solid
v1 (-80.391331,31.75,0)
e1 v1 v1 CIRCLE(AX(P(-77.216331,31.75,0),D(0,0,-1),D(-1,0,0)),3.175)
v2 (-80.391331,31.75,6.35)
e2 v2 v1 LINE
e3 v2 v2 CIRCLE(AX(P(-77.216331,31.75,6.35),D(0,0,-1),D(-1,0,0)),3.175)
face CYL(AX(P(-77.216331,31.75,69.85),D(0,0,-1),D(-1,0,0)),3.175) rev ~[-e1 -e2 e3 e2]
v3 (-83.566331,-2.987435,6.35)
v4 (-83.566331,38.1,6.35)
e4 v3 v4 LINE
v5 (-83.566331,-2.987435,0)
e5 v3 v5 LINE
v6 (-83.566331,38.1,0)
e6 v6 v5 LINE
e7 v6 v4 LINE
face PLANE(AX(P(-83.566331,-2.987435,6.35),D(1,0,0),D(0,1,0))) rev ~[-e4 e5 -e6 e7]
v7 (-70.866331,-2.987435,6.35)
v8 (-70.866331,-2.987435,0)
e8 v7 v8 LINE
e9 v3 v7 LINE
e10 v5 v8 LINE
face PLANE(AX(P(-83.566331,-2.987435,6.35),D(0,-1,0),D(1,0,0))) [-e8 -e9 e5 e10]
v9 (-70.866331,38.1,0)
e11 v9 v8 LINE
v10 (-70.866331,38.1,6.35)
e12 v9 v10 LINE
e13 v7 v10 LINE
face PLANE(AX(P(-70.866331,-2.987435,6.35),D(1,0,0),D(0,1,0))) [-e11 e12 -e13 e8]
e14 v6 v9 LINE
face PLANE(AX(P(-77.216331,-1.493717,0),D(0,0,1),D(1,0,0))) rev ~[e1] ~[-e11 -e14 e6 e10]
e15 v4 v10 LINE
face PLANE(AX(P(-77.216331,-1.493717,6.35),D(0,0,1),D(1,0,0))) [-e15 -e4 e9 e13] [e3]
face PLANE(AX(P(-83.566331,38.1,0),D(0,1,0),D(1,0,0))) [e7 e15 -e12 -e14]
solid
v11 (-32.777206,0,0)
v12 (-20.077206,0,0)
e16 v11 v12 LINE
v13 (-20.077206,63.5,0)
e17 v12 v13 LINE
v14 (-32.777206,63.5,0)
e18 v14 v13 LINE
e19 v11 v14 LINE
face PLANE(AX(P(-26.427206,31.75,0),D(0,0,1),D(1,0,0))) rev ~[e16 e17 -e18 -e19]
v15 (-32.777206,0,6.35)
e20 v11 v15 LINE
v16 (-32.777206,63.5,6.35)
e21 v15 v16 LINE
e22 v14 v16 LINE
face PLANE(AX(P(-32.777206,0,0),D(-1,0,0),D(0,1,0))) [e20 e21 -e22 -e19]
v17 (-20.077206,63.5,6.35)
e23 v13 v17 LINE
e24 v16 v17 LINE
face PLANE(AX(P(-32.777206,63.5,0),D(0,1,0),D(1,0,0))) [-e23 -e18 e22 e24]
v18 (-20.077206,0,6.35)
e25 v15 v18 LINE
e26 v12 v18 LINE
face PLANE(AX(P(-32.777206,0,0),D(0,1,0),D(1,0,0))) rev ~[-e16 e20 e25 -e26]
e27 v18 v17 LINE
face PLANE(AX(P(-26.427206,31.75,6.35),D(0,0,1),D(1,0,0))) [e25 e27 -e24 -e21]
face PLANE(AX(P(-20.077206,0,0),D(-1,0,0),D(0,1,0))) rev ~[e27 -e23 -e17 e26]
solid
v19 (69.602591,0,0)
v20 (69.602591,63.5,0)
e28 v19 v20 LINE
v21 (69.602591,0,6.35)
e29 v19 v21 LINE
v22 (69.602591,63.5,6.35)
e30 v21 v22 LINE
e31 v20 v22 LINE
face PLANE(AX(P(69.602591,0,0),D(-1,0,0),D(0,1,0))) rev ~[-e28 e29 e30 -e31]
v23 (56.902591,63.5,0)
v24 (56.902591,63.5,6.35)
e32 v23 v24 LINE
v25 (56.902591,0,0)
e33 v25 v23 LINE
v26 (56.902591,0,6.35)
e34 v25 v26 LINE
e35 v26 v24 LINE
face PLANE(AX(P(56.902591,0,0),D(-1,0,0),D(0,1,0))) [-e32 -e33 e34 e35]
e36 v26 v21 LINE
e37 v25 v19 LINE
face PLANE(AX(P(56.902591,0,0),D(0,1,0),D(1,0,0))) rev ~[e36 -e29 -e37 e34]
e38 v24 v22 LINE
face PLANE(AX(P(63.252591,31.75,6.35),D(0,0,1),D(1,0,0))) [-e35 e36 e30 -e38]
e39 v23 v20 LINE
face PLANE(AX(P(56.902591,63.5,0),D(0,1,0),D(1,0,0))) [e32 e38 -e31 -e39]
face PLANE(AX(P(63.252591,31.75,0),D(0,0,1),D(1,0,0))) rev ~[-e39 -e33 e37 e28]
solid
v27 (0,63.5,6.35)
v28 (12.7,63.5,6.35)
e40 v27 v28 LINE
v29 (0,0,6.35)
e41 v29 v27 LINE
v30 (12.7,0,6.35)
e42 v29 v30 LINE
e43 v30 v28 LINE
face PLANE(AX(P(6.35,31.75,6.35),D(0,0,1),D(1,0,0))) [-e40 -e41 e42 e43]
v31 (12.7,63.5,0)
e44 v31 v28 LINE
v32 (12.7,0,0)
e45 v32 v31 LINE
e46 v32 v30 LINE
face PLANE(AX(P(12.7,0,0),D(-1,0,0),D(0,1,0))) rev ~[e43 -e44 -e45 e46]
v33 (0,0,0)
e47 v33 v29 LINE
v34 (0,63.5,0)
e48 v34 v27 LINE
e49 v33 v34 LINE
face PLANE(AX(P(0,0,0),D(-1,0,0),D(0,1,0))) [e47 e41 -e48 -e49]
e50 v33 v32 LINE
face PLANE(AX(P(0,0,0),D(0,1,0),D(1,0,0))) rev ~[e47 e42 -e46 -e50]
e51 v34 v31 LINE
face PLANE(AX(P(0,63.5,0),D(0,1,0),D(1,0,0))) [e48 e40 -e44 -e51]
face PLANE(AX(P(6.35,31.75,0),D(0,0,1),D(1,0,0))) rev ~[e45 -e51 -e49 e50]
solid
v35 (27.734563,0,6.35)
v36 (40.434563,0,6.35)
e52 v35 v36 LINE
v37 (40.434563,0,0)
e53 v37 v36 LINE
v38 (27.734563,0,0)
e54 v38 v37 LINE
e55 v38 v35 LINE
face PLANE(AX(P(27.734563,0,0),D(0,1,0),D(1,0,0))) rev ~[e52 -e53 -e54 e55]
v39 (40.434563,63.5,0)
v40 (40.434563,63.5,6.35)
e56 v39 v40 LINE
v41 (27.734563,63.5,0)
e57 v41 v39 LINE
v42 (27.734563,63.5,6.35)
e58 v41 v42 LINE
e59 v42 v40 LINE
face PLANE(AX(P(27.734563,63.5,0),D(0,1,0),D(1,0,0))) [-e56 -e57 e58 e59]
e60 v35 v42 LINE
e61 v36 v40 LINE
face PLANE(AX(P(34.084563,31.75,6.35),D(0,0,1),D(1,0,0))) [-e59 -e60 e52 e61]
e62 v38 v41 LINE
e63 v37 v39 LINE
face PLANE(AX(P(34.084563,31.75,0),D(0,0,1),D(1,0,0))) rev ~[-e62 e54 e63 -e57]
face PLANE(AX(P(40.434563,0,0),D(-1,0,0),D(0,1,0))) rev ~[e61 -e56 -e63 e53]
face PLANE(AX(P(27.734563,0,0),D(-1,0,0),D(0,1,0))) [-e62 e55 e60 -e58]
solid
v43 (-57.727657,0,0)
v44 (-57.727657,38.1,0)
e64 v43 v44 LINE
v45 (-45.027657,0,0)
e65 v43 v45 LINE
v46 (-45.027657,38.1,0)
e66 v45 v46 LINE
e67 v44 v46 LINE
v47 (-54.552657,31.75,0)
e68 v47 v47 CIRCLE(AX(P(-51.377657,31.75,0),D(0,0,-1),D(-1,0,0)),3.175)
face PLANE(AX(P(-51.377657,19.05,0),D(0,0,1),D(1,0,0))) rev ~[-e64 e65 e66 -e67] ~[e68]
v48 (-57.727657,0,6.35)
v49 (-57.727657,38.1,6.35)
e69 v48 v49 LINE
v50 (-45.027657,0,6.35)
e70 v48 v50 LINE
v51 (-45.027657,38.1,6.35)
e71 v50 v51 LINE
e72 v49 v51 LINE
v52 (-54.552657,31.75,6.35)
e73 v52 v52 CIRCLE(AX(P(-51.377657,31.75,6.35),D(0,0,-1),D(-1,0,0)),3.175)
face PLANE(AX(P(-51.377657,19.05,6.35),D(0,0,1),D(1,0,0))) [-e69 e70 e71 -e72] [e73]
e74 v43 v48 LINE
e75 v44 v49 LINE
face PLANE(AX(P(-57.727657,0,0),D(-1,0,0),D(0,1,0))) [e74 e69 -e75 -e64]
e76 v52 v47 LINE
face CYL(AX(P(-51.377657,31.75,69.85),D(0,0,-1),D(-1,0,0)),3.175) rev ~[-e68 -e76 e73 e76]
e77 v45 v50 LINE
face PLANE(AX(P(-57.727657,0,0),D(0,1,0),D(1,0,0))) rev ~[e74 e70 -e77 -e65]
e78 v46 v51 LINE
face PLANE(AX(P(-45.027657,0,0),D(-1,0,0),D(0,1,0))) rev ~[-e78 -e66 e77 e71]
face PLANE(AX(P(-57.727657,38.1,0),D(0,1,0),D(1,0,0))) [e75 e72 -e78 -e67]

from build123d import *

# Parameters (mm, degrees)
F0_W     = 12.7
F0_H     = 38.1
F1_DEPTH = 6.35
F0_H_2   = 63.5
F3_D     = 6.35
F3_DEPTH = 63.5
F3_TIP   = 1.9077324654
F5_D     = 6.35
F5_DEPTH = 63.5
F5_TIP   = 1.9077324654
F6_W     = 12.7
F6_H     = 2.9874345932
F7_DEPTH = 6.35


with BuildPart() as f1:
    # F0 (on Top) → F1 (new body)
    with BuildSketch(Plane.XY):
        with Locations((-77.2163314581, 19.05)):
            Rectangle(F0_W, F0_H)
    extrude(amount=F1_DEPTH)

    # F3
    with Locations(Plane.XY.offset(6.35)):
        with Locations((-77.2163314581, 31.75)):
            Hole(F3_D / 2, depth=F3_DEPTH)
            with Locations((0, 0, -(F3_DEPTH + F3_TIP / 2))):  # 118° drill point
                Cone(0, F3_D / 2, F3_TIP, mode=Mode.SUBTRACT)

    # F6 (on face) → F7 (join)
    with BuildSketch(Plane.XY.offset(6.35)):
        with Locations((-77.2163314581, -1.4937172966)):
            Rectangle(F6_W, F6_H)
    extrude(amount=-F7_DEPTH)


with BuildPart() as f1b:
    # F0 (on Top) → F1, piece 2 (new body)
    with BuildSketch(Plane.XY):
        with Locations((-51.3776572585, 19.05)):
            Rectangle(F0_W, F0_H)
    extrude(amount=F1_DEPTH)

    # F5
    with Locations(Plane.XY.offset(6.35)):
        with Locations((-51.3776572585, 31.75)):
            Hole(F5_D / 2, depth=F5_DEPTH)
            with Locations((0, 0, -(F5_DEPTH + F5_TIP / 2))):  # 118° drill point
                Cone(0, F5_D / 2, F5_TIP, mode=Mode.SUBTRACT)


with BuildPart() as f1c:
    # F0 (on Top) → F1, piece 3 (new body)
    with BuildSketch(Plane.XY):
        with Locations((-26.4272063859, 31.75)):
            Rectangle(F0_W, F0_H_2)
    extrude(amount=F1_DEPTH)


with BuildPart() as f1d:
    # F0 (on Top) → F1, piece 4 (new body)
    with BuildSketch(Plane.XY):
        with Locations((6.35, 31.75)):
            Rectangle(F0_W, F0_H_2)
    extrude(amount=F1_DEPTH)


with BuildPart() as f1e:
    # F0 (on Top) → F1, piece 5 (new body)
    with BuildSketch(Plane.XY):
        with Locations((34.0845628316, 31.75)):
            Rectangle(F0_W, F0_H_2)
    extrude(amount=F1_DEPTH)


with BuildPart() as f1f:
    # F0 (on Top) → F1, piece 6 (new body)
    with BuildSketch(Plane.XY):
        with Locations((63.2525911391, 31.75)):
            Rectangle(F0_W, F0_H_2)
    extrude(amount=F1_DEPTH)


solid = Compound([f1.part, f1b.part, f1c.part, f1d.part, f1e.part, f1f.part])
